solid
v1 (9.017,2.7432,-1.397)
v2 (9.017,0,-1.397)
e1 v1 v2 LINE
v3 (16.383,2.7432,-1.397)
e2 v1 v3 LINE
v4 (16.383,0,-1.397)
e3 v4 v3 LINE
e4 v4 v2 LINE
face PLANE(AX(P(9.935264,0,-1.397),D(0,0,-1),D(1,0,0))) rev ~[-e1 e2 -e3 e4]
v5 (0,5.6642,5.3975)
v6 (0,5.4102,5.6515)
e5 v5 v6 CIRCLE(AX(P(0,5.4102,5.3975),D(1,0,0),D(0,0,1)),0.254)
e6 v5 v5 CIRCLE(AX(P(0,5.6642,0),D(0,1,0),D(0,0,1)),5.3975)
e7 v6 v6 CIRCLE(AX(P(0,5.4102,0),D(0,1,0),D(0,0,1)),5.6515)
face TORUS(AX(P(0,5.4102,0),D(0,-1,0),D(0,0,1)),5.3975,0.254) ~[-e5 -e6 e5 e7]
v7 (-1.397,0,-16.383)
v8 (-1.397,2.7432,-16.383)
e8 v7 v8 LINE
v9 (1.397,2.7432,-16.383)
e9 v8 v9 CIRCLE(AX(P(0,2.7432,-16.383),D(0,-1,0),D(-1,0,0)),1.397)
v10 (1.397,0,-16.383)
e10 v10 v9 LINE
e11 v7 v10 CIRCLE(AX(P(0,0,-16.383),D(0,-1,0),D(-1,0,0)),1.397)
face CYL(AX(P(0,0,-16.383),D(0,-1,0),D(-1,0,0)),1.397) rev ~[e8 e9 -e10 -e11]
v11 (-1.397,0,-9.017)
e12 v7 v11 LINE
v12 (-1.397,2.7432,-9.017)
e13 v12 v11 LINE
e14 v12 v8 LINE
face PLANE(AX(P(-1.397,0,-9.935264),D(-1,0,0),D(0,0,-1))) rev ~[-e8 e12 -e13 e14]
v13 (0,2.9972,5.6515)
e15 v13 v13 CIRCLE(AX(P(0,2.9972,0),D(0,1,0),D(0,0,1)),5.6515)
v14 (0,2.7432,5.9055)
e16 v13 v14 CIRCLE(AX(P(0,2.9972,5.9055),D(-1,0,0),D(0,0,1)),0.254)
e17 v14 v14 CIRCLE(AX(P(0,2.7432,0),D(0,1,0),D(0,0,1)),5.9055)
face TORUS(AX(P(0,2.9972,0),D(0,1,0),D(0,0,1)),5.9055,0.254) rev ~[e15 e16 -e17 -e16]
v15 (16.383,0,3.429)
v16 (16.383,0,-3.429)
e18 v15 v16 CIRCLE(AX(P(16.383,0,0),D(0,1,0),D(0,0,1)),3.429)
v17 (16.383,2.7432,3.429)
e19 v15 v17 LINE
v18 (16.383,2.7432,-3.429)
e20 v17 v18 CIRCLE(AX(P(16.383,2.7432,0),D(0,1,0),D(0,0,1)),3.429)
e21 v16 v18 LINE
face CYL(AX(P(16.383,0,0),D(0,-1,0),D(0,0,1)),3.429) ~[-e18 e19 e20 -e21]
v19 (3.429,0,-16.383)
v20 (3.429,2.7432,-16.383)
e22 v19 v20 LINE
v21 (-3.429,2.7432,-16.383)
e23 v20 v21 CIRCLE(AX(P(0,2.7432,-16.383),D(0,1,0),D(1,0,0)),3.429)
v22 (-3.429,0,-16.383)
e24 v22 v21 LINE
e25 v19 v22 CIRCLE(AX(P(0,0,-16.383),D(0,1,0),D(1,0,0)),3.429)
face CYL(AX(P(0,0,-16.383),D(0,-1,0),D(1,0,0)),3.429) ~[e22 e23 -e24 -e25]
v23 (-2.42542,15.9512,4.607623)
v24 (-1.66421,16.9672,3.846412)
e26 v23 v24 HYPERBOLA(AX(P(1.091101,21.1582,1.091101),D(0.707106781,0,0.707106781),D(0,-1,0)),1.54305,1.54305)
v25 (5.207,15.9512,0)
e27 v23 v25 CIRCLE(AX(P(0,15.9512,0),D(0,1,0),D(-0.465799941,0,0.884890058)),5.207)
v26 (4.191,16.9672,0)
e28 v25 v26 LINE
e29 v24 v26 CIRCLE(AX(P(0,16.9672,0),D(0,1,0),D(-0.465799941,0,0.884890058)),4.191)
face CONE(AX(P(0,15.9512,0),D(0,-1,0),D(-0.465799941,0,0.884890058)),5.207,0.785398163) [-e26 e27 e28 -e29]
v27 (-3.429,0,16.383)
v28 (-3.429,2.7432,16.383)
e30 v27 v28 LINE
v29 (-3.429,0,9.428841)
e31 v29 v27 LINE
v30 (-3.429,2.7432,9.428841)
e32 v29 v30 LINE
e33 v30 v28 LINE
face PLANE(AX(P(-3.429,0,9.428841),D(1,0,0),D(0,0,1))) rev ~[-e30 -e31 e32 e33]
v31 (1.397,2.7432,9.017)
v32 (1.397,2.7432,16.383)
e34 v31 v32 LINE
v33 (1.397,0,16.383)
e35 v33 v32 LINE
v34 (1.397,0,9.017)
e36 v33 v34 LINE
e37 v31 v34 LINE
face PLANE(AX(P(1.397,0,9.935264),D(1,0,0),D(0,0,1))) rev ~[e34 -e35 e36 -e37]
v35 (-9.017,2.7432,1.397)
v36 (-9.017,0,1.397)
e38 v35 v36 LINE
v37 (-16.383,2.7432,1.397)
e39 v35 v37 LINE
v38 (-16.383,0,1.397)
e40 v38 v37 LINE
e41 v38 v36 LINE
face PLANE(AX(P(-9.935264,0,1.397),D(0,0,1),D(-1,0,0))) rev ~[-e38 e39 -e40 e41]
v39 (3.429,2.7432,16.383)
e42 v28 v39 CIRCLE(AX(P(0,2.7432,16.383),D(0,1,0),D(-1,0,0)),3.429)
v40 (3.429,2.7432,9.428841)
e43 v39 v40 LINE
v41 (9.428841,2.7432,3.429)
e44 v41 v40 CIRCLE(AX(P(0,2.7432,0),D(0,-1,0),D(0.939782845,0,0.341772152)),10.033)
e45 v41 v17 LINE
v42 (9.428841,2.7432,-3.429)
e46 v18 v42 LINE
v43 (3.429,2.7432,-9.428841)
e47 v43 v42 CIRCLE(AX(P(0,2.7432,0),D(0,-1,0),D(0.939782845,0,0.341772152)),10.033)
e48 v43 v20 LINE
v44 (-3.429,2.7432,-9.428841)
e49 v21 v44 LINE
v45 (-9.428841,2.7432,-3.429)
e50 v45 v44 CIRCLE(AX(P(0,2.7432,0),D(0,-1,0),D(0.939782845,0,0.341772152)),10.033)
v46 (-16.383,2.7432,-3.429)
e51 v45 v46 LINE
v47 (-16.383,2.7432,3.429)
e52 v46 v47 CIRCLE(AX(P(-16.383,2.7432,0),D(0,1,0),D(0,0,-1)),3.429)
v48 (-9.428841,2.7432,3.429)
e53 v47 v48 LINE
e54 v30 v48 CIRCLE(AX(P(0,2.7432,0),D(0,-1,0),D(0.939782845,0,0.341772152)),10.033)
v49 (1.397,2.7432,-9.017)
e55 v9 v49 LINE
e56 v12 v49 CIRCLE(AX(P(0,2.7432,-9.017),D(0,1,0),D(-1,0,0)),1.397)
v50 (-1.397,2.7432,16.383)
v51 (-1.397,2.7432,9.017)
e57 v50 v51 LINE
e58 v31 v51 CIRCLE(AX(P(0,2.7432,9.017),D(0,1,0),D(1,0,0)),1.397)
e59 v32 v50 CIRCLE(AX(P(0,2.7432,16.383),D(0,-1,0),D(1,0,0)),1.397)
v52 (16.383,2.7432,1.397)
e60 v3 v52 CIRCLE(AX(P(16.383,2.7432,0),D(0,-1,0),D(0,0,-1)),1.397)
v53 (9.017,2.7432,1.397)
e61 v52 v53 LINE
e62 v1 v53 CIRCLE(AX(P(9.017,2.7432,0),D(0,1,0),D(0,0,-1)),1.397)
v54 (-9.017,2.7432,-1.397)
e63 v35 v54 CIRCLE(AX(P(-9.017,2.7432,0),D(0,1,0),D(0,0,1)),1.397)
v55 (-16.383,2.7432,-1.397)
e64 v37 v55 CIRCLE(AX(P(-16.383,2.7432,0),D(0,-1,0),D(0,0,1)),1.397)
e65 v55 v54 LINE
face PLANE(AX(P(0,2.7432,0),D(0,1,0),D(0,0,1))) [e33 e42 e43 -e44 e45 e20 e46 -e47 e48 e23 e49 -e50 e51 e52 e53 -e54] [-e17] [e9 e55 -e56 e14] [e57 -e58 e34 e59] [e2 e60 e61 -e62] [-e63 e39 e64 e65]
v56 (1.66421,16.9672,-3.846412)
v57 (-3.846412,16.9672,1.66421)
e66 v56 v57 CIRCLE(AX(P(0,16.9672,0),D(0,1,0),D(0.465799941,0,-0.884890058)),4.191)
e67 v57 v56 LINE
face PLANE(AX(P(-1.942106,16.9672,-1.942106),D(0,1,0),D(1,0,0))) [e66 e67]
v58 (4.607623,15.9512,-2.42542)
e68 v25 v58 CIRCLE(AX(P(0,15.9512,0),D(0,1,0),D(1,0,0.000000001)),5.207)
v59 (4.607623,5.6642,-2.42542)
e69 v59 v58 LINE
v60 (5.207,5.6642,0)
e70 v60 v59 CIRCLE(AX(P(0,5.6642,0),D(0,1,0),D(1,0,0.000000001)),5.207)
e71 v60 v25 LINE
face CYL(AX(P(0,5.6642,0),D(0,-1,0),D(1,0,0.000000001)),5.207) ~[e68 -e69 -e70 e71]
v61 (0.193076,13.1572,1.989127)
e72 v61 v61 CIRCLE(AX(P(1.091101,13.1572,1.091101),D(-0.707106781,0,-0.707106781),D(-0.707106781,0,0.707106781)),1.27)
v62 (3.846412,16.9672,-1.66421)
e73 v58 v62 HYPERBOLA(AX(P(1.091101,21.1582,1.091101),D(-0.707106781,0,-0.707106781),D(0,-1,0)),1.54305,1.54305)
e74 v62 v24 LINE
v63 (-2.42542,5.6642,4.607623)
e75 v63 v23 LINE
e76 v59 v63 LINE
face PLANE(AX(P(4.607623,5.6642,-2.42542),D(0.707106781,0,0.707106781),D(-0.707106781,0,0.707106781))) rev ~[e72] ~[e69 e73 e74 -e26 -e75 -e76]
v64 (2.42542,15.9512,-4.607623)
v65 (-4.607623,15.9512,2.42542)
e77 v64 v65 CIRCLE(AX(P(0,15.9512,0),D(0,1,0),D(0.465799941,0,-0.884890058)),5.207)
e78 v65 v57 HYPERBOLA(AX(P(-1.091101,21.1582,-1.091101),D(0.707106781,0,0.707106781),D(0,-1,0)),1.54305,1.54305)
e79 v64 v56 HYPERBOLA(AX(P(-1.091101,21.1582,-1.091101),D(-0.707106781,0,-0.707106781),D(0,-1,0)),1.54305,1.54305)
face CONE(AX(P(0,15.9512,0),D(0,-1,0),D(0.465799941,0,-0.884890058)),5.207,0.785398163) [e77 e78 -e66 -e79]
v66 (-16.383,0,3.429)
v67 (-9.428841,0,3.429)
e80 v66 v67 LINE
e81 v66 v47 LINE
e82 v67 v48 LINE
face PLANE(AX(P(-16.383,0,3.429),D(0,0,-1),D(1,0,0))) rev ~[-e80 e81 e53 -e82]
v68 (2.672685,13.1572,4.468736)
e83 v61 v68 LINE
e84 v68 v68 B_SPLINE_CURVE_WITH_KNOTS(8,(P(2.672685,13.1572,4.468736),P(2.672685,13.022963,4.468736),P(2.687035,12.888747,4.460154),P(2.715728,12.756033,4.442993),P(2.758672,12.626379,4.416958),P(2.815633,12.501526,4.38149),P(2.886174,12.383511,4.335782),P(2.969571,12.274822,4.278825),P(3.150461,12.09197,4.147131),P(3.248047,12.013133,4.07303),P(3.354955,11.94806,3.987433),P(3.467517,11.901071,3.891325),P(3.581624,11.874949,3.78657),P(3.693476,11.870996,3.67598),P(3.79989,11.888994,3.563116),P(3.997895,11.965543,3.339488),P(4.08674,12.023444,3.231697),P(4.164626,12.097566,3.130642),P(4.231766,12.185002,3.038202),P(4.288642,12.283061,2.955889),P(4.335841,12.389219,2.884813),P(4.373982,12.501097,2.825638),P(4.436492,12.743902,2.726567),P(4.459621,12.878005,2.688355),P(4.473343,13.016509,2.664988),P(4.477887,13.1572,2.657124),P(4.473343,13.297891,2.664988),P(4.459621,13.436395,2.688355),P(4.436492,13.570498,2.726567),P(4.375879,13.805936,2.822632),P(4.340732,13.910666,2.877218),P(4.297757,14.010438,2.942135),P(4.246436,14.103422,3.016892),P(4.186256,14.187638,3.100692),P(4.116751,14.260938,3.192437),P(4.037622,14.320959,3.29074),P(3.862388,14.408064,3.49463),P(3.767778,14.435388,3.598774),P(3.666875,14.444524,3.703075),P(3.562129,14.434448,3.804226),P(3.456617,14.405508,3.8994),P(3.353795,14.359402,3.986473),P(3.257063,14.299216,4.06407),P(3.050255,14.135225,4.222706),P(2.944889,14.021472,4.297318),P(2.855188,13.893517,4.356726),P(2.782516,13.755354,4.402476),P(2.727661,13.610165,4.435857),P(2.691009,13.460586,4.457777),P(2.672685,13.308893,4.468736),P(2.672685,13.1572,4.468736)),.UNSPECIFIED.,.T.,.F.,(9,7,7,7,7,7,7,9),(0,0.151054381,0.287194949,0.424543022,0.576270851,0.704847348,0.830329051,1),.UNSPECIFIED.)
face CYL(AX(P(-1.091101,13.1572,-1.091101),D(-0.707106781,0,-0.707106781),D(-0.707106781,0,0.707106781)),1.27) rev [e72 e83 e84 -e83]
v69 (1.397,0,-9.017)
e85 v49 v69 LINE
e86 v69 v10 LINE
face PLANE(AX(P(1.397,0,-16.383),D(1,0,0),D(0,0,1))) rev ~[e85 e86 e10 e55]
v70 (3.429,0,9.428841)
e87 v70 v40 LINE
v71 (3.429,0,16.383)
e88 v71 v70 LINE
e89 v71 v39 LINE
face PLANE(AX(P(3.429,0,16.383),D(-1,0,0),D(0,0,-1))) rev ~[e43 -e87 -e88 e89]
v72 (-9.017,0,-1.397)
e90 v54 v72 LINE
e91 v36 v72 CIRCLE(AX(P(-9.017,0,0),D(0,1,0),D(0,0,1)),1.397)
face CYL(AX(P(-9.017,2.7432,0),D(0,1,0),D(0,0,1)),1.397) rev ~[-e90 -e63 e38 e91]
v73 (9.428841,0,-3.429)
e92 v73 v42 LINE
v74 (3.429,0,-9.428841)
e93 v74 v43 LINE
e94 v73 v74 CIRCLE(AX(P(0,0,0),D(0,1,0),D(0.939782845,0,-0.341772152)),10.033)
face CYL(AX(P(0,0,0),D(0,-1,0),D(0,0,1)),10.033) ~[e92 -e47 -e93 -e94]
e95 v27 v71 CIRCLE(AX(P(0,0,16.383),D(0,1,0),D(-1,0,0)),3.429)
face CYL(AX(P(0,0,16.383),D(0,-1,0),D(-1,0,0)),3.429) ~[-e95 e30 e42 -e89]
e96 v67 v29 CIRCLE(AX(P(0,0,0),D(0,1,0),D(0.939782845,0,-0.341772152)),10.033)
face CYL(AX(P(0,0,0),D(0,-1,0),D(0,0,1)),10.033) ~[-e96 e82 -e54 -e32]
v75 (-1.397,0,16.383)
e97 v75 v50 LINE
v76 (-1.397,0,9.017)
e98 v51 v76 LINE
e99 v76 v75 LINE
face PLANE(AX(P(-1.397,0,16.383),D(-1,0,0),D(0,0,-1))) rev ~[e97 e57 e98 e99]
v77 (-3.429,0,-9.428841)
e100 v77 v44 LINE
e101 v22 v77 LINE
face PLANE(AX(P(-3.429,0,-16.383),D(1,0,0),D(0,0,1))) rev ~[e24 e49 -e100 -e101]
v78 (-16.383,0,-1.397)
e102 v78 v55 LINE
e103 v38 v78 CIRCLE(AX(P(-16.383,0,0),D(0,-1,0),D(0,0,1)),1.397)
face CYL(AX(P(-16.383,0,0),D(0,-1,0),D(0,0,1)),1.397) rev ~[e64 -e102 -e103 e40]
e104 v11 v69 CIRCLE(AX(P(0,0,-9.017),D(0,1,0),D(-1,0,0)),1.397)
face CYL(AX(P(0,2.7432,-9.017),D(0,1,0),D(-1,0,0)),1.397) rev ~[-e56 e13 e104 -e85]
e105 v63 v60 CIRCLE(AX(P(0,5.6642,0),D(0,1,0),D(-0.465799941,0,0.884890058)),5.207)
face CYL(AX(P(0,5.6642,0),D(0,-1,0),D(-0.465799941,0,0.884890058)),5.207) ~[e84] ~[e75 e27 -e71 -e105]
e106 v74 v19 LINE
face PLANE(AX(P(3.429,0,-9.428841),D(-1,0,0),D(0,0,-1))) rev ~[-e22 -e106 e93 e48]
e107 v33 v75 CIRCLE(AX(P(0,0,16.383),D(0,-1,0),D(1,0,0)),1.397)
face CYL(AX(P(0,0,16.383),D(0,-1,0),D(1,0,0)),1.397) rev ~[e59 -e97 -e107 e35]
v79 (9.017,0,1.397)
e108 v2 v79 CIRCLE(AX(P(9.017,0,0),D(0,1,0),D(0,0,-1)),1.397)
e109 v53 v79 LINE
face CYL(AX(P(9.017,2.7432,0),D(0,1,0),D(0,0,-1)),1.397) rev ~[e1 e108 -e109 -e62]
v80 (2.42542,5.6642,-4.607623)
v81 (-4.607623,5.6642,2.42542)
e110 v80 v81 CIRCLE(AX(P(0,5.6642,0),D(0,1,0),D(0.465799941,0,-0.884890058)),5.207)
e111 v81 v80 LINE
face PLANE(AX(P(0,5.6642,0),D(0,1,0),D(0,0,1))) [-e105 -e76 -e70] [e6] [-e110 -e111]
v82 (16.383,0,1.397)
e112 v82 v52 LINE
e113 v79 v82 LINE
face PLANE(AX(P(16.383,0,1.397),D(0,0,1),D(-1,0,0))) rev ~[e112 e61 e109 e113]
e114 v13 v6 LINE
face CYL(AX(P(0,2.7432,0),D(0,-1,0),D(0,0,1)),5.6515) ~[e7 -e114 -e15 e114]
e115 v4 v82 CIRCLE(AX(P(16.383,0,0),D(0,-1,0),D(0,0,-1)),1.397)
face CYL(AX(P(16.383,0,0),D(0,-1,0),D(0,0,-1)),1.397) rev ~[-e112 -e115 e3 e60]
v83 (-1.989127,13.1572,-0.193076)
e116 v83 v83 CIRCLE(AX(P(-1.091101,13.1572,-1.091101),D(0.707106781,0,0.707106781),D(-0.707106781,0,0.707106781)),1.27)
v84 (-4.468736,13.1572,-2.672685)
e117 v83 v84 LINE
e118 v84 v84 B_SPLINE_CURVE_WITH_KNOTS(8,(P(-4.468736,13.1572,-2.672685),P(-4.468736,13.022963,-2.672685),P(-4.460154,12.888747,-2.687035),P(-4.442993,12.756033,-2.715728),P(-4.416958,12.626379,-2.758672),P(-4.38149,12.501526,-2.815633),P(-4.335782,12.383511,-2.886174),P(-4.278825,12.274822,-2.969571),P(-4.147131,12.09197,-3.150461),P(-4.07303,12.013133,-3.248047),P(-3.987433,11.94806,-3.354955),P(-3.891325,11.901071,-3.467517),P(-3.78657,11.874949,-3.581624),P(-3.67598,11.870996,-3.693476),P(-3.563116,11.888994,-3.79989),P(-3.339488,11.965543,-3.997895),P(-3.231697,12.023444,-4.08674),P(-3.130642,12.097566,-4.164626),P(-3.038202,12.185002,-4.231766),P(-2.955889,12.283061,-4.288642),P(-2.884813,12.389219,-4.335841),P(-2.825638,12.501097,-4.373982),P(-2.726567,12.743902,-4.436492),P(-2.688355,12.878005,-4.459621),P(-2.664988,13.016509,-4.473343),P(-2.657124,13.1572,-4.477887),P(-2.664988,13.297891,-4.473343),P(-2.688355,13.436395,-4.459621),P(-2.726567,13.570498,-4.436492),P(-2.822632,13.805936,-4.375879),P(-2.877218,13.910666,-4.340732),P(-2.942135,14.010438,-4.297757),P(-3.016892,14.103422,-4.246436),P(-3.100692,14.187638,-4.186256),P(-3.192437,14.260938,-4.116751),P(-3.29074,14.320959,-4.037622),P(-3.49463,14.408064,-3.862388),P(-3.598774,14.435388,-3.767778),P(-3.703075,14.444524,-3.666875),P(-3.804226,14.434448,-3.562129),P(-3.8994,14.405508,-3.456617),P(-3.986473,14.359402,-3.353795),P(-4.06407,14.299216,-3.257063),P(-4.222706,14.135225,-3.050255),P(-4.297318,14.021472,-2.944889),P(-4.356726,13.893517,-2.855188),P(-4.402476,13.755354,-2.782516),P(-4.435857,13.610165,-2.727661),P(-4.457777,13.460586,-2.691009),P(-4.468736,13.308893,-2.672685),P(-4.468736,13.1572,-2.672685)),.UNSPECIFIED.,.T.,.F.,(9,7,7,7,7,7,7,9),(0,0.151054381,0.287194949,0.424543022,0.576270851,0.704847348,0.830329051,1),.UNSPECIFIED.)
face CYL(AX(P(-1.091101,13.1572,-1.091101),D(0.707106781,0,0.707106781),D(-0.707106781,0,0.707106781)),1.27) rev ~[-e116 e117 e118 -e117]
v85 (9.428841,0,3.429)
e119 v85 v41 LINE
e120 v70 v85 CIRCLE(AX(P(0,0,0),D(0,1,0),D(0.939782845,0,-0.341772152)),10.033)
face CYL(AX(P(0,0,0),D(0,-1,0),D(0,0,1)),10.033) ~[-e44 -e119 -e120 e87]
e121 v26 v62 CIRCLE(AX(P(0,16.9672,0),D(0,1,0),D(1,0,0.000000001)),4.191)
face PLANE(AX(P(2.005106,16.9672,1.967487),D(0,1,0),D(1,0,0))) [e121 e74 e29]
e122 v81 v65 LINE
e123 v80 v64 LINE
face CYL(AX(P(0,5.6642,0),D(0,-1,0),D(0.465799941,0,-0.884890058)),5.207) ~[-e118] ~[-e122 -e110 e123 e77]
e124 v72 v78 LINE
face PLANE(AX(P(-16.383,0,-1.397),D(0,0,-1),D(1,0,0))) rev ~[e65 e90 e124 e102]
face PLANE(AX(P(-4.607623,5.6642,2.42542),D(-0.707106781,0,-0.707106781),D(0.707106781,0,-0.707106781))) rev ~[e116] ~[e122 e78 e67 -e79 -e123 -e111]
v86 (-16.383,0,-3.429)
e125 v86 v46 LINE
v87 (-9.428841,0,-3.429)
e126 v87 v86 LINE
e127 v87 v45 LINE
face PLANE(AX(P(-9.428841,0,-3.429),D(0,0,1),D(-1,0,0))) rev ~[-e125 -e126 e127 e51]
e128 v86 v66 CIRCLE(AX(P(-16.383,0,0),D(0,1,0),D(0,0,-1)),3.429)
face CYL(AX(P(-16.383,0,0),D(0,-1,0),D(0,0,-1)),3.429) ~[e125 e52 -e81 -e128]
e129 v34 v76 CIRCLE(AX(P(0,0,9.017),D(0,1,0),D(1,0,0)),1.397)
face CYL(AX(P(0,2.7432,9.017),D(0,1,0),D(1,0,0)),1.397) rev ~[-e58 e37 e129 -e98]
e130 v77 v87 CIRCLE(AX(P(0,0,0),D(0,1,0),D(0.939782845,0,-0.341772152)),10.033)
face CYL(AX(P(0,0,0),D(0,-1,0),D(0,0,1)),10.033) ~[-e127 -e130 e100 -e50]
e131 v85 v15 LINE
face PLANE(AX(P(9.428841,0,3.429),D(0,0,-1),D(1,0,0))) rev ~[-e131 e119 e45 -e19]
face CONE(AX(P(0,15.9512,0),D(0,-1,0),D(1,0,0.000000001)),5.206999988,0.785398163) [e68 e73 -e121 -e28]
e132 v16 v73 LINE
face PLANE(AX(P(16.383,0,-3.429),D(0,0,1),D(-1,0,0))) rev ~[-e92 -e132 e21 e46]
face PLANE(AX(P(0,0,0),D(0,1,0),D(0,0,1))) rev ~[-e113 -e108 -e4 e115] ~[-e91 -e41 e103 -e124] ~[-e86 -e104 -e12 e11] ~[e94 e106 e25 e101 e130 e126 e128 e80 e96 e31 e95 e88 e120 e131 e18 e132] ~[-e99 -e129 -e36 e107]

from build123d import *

# Parameters (mm, degrees)
SKETCH3_R                      = 10.033
BOSS_EXTRUDE1_DEPTH            = 2.7432
BOSS_EXTRUDE2_START            = -2.7432
BOSS_EXTRUDE2_DEPTH            = 2.7432
CUT_EXTRUDE1_REACH             = 24.376
CIRPATTERN1_COUNT              = 4
SKETCH5_R                      = 5.6515
BOSS_EXTRUDE3_DEPTH            = 2.921
BOSS_EXTRUDE4_DEPTH            = 11.303
CHAMFER1_SIZE                  = 1.016
FILLET1_R                      = 0.254
CUT_EXTRUDE2_REACH             = 36.085
SKETCH7_R                      = 1.27
CUT_EXTRUDE2_DIRECTION_2_REACH = 36.085


with BuildPart() as part:
    # Sketch3 → Boss-Extrude1 (new body)
    with BuildSketch(Plane(origin=(0, 0, 0), x_dir=(1, 0, 0), z_dir=(0, 1, 0))):
        with Locations(Location((0, 0, 0), (0, 0, 270))):
            Circle(SKETCH3_R)
    extrude(amount=BOSS_EXTRUDE1_DEPTH)

    # Sketch4 → Boss-Extrude2 (add)
    with BuildSketch(Plane(origin=(0, 2.7432, 0), x_dir=(1, 0, 0), z_dir=(0, 1, 0)).offset(BOSS_EXTRUDE2_START)):
        with BuildLine():
            ThreePointArc((9.428841286, 3.429), (9.73521463, 2.426249185), (9.935264466, 1.397))
            Line((9.935264466, 1.397), (16.383, 1.397))
            ThreePointArc((16.383, 1.397), (17.78, 0), (16.383, -1.397))
            Line((16.383, -1.397), (9.935264466, -1.397))
            ThreePointArc((9.935264466, -1.397), (9.73521463, -2.426249185), (9.428841286, -3.429))
            Line((9.428841286, -3.429), (16.383, -3.429))
            ThreePointArc((16.383, -3.429), (19.812, 0), (16.383, 3.429))
            Line((16.383, 3.429), (9.428841286, 3.429))
        make_face()
    boss_extrude2 = extrude(amount=BOSS_EXTRUDE2_DEPTH)

    # Sketch4<3> → Cut-Extrude1 (cut, up to next)
    with BuildSketch(Plane(origin=(0, 2.7432, 0), x_dir=(1, 0, 0), z_dir=(0, 1, 0)), mode=Mode.PRIVATE) as cut_extrude1_sk1:
        with BuildLine():
            Line((9.935264466, 1.397), (9.017, 1.397))
            ThreePointArc((9.017, 1.397), (7.62, 0), (9.017, -1.397))
            Line((9.017, -1.397), (9.935264466, -1.397))
            ThreePointArc((9.935264466, -1.397), (10.008536291, -0.700207333), (10.033, 0))
            ThreePointArc((10.033, 0), (10.008536291, 0.700207333), (9.935264466, 1.397))
        make_face()
    cut_extrude1_tool1 = extrude(cut_extrude1_sk1.sketch, amount=-CUT_EXTRUDE1_REACH, mode=Mode.PRIVATE) & part.part
    cut_extrude1 = cut_extrude1_tool1.solids().sort_by_distance((8.936983, 2.7432, 0))[0]
    add(cut_extrude1, mode=Mode.SUBTRACT)

    # CirPattern1: Boss-Extrude2, Cut-Extrude1 ×4 about axis
    cirpattern1_axis = Axis((0, 0, 0), (0, 1, 0))
    add([boss_extrude2.rotate(cirpattern1_axis, i * 360 / CIRPATTERN1_COUNT) for i in range(1, CIRPATTERN1_COUNT)])
    add([cut_extrude1.rotate(cirpattern1_axis, i * 360 / CIRPATTERN1_COUNT) for i in range(1, CIRPATTERN1_COUNT)], mode=Mode.SUBTRACT)

    # Sketch5 → Boss-Extrude3 (add)
    with BuildSketch(Plane(origin=(0, 2.7432, 0), x_dir=(1, 0, 0), z_dir=(0, 1, 0))):
        with Locations(Location((0, 0, 0), (0, 0, 270))):
            Circle(SKETCH5_R)
    extrude(amount=BOSS_EXTRUDE3_DEPTH)

    # Sketch6 → Boss-Extrude4 (add)
    with BuildSketch(Plane(origin=(0, 5.6642, 0), x_dir=(1, 0, 0), z_dir=(0, 1, 0))):
        with BuildLine():
            ThreePointArc((5.207, 0), (5.054935189, 1.249191434), (4.607622532, 2.425420294))
            Line((4.607622532, 2.425420294), (-2.425420294, -4.607622532))
            ThreePointArc((-2.425420294, -4.607622532), (2.691067216, -4.457690684), (5.207, 0))
        make_face()
        with BuildLine():
            Line((-4.607622532, -2.425420294), (2.425420294, 4.607622532))
            ThreePointArc((2.425420294, 4.607622532), (-3.68190501, 3.68190501), (-4.607622532, -2.425420294))
        make_face()
    extrude(amount=BOSS_EXTRUDE4_DEPTH)

    # Chamfer1
    chamfer1_edges = [part.edges().sort_by_distance(p)[0] for p in [
        (3.68190501, 16.9672, 3.68190501),
        (-3.68190501, 16.9672, -3.68190501),
    ]]
    chamfer(chamfer1_edges, length=CHAMFER1_SIZE)

    # Fillet1
    fillet1_edges = [part.edges().sort_by_distance(p)[0] for p in [
        (0, 2.7432, -5.6515),
        (0, 5.6642, -5.6515),
    ]]
    fillet(fillet1_edges, radius=FILLET1_R)

    # Sketch7 → Cut-Extrude2 (cut, up to next)
    with BuildSketch(Plane(origin=(-1.091101119, 0, -1.091101119), x_dir=(0.7071067811865486, 0, -0.7071067811865465), z_dir=(0.7071067811865465, 0, 0.7071067811865486)), mode=Mode.PRIVATE) as cut_extrude2_sk1:
        with Locations(Location((0, 13.1572, 0), (0, 0, 180))):
            Circle(SKETCH7_R)
    cut_extrude2_tool1 = extrude(cut_extrude2_sk1.sketch, amount=-CUT_EXTRUDE2_REACH, mode=Mode.PRIVATE) & part.part
    add(cut_extrude2_tool1.solids().sort_by_distance((-1.091101, 13.1572, -1.091101))[0], mode=Mode.SUBTRACT)

    # Sketch7 → Cut-Extrude2 direction 2 (cut, up to next)
    with BuildSketch(Plane(origin=(-1.091101119, 0, -1.091101119), x_dir=(0.7071067811865486, 0, -0.7071067811865465), z_dir=(0.7071067811865465, 0, 0.7071067811865486)), mode=Mode.PRIVATE) as cut_extrude2_direction_2_sk1:
        with Locations(Location((0, 13.1572, 0), (0, 0, 180))):
            Circle(SKETCH7_R)
    cut_extrude2_direction_2_tool1 = extrude(cut_extrude2_direction_2_sk1.sketch, amount=CUT_EXTRUDE2_DIRECTION_2_REACH, mode=Mode.PRIVATE) & part.part
    add(cut_extrude2_direction_2_tool1.solids().sort_by_distance((-1.091101, 13.1572, -1.091101))[0], mode=Mode.SUBTRACT)


solid = part.part
